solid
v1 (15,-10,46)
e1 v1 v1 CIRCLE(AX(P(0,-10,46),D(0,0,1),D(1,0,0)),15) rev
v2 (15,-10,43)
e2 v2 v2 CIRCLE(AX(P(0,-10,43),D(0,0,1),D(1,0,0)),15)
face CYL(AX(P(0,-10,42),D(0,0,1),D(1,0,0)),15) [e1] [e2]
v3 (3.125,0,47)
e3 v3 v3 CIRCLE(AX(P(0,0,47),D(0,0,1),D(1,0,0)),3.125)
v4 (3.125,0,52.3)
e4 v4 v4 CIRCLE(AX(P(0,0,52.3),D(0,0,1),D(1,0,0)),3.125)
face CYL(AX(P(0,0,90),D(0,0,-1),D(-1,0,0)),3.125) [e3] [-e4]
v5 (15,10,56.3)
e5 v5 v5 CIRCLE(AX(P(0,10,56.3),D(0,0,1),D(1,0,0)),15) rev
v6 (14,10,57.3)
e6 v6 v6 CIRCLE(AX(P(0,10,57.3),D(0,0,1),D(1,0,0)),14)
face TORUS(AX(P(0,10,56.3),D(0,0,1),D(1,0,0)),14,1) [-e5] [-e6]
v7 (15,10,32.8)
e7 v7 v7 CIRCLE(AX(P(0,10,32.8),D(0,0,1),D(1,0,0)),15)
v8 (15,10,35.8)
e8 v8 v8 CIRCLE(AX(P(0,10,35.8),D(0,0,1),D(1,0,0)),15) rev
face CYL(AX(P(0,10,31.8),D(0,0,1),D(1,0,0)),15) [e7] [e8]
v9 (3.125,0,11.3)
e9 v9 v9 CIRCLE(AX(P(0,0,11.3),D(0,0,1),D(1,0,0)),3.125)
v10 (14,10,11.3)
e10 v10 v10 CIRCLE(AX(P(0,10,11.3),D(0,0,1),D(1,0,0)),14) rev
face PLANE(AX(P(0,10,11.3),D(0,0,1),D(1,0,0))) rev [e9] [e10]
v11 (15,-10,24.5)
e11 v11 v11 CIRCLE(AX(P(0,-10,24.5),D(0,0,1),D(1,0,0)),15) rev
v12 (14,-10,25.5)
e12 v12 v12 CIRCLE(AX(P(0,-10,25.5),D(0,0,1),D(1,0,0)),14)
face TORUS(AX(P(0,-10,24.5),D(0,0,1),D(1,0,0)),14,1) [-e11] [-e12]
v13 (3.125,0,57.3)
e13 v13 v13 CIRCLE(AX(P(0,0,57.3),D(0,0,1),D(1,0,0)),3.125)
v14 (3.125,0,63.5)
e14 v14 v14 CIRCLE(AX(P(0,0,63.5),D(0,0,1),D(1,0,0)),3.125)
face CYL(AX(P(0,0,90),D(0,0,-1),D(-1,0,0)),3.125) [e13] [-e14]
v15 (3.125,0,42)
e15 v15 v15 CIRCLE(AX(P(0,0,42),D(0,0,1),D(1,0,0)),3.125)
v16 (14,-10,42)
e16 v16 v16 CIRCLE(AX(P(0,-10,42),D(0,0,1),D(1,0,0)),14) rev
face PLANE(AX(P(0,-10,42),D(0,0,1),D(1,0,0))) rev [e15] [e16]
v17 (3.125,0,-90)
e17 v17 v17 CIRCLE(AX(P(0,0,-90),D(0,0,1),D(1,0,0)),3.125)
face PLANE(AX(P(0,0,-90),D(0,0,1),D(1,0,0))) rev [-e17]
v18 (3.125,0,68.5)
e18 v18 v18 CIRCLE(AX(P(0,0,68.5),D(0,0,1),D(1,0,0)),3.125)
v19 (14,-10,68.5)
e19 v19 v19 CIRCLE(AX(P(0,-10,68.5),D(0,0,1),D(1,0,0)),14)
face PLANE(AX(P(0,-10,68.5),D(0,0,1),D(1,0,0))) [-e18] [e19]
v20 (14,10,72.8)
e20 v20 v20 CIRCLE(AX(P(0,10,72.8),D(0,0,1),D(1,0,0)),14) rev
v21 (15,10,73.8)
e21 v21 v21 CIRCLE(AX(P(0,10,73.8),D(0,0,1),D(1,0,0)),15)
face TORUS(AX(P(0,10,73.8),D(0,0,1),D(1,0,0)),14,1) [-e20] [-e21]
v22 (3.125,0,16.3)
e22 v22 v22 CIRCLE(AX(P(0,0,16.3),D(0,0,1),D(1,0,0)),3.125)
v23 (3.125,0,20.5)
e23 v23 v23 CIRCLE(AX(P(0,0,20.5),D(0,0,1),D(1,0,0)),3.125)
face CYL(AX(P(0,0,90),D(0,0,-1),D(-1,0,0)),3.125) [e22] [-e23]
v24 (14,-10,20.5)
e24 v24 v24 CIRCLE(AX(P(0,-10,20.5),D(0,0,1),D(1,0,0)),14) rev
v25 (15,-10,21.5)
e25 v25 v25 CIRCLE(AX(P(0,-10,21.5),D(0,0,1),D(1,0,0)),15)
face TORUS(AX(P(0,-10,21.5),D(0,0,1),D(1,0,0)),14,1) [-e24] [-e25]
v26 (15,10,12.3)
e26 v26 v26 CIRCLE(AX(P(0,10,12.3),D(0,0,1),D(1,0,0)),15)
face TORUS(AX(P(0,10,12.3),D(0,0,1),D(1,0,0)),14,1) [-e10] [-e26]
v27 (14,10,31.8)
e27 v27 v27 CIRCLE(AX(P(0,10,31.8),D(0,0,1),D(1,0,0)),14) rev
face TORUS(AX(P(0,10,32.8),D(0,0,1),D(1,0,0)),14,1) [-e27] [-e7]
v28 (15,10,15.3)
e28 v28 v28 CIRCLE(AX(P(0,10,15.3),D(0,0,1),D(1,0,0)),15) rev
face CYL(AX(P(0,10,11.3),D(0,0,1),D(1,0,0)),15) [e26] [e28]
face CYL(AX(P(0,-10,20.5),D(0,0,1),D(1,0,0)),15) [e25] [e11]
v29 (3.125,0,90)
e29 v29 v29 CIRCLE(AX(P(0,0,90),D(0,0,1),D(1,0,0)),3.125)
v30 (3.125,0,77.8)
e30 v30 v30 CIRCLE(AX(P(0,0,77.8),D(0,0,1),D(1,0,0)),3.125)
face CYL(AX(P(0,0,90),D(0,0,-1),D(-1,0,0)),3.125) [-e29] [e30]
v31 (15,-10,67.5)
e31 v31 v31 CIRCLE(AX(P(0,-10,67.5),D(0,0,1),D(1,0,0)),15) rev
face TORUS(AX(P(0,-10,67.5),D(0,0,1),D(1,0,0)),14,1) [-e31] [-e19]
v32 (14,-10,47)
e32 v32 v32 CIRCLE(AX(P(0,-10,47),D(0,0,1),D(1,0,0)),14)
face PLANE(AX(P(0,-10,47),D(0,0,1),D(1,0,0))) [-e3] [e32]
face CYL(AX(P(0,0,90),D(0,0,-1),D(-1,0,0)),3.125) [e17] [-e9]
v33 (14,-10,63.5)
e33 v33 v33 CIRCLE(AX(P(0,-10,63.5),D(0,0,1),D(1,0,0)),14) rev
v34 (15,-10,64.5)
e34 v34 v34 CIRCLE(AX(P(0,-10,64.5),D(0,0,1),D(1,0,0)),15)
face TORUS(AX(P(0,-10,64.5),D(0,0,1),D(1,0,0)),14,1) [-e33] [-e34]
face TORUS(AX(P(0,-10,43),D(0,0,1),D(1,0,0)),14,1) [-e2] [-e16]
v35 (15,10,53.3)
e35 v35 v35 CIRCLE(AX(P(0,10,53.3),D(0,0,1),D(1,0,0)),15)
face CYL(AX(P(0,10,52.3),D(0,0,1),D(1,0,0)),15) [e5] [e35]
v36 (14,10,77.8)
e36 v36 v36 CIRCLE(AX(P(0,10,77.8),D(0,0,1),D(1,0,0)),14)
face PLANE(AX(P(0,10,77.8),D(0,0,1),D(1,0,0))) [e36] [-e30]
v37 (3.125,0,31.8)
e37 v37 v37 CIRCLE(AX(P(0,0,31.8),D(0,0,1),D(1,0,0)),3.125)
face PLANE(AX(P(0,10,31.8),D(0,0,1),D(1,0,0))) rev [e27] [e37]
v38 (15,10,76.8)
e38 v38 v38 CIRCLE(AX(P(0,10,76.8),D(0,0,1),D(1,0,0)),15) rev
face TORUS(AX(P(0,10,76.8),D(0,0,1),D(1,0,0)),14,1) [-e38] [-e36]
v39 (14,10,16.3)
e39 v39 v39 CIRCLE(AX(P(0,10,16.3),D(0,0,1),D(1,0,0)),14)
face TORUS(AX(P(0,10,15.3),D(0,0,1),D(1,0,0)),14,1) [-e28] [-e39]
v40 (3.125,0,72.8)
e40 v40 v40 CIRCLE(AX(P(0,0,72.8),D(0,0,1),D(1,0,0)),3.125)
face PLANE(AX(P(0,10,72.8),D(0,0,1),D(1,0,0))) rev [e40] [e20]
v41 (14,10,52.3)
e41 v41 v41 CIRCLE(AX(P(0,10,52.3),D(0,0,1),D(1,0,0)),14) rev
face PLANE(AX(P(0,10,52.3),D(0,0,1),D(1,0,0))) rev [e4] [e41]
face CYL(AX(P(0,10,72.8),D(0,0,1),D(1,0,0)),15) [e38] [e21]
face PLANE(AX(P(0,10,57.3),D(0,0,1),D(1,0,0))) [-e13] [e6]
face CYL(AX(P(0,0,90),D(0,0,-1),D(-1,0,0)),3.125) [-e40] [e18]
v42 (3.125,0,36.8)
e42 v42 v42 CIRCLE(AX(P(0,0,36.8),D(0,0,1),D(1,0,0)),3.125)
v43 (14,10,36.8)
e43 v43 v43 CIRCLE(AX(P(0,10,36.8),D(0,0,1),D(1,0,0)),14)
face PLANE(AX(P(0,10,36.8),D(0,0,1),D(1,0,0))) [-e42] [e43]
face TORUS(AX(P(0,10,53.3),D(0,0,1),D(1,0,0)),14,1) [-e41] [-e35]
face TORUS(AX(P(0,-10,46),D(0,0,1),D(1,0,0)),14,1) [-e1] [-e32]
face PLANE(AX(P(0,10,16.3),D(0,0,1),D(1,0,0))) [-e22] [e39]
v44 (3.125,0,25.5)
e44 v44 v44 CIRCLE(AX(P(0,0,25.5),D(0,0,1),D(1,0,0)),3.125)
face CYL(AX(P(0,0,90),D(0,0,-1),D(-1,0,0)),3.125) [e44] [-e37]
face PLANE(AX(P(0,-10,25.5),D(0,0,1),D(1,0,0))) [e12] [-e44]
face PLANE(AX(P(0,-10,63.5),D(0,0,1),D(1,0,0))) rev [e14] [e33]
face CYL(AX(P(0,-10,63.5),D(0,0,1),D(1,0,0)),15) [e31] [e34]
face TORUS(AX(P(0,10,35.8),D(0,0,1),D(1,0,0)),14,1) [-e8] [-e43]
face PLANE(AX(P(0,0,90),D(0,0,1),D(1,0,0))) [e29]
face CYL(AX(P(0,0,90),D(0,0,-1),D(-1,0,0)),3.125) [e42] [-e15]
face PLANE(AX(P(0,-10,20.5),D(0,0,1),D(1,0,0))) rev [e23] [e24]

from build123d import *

# Parameters (mm, degrees)
SKETCH_1_R             = 3.125
EXTRUDE_1_DEPTH        = 90
EXTRUDE_START          = -12.2
SKETCH_2_R             = 15
EXTRUDE_2_DEPTH        = 5
PATTERN_LINEAR_1_COUNT = 4
PATTERN_LINEAR_1_PITCH = 20.5
EXTRUDE_START_2        = -21.5
SKETCH_3_R             = 15
EXTRUDE_3_DEPTH        = 5
PATTERN_LINEAR_2_COUNT = 3
PATTERN_LINEAR_2_PITCH = 21.5
FILLET_1_R             = 1


with BuildPart() as part:
    # 草图1 → 凸台-拉伸1 (new body, symmetric)
    with BuildSketch(Plane.XY):
        Circle(SKETCH_1_R)
    extrude(amount=EXTRUDE_1_DEPTH, both=True)

    # 草图2 → 凸台-拉伸2 (add)
    with BuildSketch(Plane.XY.offset(90).offset(EXTRUDE_START)):
        with Locations((0, 10)):
            Circle(SKETCH_2_R)
    extrude_2 = extrude(amount=-EXTRUDE_2_DEPTH)

    # 阵列(线性)1: 凸台-拉伸2 ×4
    with Locations(*[(0, 0, -i * PATTERN_LINEAR_1_PITCH) for i in range(1, PATTERN_LINEAR_1_COUNT)]):
        add(extrude_2)

    # 草图3 → 凸台-拉伸3 (add)
    with BuildSketch(Plane.XY.offset(90).offset(EXTRUDE_START_2)):
        with Locations((0, -10)):
            Circle(SKETCH_3_R)
    extrude_3 = extrude(amount=-EXTRUDE_3_DEPTH)

    # 阵列(线性)2: 凸台-拉伸3 ×3
    with Locations(*[(0, 0, -i * PATTERN_LINEAR_2_PITCH) for i in range(1, PATTERN_LINEAR_2_COUNT)]):
        add(extrude_3)

    # 圆角1
    fillet_1_edges = [part.edges().sort_by_distance(p)[0] for p in [
        (-15, 10, 52.3),
        (-15, 10, 57.3),
        (-15, 10, 31.8),
        (-15, 10, 36.8),
        (-15, 10, 11.3),
        (-15, 10, 16.3),
        (-15, -10, 63.5),
        (-15, -10, 68.5),
        (-15, -10, 42),
        (-15, -10, 47),
        (-15, -10, 20.5),
        (-15, -10, 25.5),
        (-15, 10, 72.8),
        (-15, 10, 77.8),
    ]]
    fillet(fillet_1_edges, radius=FILLET_1_R)


solid = part.part
